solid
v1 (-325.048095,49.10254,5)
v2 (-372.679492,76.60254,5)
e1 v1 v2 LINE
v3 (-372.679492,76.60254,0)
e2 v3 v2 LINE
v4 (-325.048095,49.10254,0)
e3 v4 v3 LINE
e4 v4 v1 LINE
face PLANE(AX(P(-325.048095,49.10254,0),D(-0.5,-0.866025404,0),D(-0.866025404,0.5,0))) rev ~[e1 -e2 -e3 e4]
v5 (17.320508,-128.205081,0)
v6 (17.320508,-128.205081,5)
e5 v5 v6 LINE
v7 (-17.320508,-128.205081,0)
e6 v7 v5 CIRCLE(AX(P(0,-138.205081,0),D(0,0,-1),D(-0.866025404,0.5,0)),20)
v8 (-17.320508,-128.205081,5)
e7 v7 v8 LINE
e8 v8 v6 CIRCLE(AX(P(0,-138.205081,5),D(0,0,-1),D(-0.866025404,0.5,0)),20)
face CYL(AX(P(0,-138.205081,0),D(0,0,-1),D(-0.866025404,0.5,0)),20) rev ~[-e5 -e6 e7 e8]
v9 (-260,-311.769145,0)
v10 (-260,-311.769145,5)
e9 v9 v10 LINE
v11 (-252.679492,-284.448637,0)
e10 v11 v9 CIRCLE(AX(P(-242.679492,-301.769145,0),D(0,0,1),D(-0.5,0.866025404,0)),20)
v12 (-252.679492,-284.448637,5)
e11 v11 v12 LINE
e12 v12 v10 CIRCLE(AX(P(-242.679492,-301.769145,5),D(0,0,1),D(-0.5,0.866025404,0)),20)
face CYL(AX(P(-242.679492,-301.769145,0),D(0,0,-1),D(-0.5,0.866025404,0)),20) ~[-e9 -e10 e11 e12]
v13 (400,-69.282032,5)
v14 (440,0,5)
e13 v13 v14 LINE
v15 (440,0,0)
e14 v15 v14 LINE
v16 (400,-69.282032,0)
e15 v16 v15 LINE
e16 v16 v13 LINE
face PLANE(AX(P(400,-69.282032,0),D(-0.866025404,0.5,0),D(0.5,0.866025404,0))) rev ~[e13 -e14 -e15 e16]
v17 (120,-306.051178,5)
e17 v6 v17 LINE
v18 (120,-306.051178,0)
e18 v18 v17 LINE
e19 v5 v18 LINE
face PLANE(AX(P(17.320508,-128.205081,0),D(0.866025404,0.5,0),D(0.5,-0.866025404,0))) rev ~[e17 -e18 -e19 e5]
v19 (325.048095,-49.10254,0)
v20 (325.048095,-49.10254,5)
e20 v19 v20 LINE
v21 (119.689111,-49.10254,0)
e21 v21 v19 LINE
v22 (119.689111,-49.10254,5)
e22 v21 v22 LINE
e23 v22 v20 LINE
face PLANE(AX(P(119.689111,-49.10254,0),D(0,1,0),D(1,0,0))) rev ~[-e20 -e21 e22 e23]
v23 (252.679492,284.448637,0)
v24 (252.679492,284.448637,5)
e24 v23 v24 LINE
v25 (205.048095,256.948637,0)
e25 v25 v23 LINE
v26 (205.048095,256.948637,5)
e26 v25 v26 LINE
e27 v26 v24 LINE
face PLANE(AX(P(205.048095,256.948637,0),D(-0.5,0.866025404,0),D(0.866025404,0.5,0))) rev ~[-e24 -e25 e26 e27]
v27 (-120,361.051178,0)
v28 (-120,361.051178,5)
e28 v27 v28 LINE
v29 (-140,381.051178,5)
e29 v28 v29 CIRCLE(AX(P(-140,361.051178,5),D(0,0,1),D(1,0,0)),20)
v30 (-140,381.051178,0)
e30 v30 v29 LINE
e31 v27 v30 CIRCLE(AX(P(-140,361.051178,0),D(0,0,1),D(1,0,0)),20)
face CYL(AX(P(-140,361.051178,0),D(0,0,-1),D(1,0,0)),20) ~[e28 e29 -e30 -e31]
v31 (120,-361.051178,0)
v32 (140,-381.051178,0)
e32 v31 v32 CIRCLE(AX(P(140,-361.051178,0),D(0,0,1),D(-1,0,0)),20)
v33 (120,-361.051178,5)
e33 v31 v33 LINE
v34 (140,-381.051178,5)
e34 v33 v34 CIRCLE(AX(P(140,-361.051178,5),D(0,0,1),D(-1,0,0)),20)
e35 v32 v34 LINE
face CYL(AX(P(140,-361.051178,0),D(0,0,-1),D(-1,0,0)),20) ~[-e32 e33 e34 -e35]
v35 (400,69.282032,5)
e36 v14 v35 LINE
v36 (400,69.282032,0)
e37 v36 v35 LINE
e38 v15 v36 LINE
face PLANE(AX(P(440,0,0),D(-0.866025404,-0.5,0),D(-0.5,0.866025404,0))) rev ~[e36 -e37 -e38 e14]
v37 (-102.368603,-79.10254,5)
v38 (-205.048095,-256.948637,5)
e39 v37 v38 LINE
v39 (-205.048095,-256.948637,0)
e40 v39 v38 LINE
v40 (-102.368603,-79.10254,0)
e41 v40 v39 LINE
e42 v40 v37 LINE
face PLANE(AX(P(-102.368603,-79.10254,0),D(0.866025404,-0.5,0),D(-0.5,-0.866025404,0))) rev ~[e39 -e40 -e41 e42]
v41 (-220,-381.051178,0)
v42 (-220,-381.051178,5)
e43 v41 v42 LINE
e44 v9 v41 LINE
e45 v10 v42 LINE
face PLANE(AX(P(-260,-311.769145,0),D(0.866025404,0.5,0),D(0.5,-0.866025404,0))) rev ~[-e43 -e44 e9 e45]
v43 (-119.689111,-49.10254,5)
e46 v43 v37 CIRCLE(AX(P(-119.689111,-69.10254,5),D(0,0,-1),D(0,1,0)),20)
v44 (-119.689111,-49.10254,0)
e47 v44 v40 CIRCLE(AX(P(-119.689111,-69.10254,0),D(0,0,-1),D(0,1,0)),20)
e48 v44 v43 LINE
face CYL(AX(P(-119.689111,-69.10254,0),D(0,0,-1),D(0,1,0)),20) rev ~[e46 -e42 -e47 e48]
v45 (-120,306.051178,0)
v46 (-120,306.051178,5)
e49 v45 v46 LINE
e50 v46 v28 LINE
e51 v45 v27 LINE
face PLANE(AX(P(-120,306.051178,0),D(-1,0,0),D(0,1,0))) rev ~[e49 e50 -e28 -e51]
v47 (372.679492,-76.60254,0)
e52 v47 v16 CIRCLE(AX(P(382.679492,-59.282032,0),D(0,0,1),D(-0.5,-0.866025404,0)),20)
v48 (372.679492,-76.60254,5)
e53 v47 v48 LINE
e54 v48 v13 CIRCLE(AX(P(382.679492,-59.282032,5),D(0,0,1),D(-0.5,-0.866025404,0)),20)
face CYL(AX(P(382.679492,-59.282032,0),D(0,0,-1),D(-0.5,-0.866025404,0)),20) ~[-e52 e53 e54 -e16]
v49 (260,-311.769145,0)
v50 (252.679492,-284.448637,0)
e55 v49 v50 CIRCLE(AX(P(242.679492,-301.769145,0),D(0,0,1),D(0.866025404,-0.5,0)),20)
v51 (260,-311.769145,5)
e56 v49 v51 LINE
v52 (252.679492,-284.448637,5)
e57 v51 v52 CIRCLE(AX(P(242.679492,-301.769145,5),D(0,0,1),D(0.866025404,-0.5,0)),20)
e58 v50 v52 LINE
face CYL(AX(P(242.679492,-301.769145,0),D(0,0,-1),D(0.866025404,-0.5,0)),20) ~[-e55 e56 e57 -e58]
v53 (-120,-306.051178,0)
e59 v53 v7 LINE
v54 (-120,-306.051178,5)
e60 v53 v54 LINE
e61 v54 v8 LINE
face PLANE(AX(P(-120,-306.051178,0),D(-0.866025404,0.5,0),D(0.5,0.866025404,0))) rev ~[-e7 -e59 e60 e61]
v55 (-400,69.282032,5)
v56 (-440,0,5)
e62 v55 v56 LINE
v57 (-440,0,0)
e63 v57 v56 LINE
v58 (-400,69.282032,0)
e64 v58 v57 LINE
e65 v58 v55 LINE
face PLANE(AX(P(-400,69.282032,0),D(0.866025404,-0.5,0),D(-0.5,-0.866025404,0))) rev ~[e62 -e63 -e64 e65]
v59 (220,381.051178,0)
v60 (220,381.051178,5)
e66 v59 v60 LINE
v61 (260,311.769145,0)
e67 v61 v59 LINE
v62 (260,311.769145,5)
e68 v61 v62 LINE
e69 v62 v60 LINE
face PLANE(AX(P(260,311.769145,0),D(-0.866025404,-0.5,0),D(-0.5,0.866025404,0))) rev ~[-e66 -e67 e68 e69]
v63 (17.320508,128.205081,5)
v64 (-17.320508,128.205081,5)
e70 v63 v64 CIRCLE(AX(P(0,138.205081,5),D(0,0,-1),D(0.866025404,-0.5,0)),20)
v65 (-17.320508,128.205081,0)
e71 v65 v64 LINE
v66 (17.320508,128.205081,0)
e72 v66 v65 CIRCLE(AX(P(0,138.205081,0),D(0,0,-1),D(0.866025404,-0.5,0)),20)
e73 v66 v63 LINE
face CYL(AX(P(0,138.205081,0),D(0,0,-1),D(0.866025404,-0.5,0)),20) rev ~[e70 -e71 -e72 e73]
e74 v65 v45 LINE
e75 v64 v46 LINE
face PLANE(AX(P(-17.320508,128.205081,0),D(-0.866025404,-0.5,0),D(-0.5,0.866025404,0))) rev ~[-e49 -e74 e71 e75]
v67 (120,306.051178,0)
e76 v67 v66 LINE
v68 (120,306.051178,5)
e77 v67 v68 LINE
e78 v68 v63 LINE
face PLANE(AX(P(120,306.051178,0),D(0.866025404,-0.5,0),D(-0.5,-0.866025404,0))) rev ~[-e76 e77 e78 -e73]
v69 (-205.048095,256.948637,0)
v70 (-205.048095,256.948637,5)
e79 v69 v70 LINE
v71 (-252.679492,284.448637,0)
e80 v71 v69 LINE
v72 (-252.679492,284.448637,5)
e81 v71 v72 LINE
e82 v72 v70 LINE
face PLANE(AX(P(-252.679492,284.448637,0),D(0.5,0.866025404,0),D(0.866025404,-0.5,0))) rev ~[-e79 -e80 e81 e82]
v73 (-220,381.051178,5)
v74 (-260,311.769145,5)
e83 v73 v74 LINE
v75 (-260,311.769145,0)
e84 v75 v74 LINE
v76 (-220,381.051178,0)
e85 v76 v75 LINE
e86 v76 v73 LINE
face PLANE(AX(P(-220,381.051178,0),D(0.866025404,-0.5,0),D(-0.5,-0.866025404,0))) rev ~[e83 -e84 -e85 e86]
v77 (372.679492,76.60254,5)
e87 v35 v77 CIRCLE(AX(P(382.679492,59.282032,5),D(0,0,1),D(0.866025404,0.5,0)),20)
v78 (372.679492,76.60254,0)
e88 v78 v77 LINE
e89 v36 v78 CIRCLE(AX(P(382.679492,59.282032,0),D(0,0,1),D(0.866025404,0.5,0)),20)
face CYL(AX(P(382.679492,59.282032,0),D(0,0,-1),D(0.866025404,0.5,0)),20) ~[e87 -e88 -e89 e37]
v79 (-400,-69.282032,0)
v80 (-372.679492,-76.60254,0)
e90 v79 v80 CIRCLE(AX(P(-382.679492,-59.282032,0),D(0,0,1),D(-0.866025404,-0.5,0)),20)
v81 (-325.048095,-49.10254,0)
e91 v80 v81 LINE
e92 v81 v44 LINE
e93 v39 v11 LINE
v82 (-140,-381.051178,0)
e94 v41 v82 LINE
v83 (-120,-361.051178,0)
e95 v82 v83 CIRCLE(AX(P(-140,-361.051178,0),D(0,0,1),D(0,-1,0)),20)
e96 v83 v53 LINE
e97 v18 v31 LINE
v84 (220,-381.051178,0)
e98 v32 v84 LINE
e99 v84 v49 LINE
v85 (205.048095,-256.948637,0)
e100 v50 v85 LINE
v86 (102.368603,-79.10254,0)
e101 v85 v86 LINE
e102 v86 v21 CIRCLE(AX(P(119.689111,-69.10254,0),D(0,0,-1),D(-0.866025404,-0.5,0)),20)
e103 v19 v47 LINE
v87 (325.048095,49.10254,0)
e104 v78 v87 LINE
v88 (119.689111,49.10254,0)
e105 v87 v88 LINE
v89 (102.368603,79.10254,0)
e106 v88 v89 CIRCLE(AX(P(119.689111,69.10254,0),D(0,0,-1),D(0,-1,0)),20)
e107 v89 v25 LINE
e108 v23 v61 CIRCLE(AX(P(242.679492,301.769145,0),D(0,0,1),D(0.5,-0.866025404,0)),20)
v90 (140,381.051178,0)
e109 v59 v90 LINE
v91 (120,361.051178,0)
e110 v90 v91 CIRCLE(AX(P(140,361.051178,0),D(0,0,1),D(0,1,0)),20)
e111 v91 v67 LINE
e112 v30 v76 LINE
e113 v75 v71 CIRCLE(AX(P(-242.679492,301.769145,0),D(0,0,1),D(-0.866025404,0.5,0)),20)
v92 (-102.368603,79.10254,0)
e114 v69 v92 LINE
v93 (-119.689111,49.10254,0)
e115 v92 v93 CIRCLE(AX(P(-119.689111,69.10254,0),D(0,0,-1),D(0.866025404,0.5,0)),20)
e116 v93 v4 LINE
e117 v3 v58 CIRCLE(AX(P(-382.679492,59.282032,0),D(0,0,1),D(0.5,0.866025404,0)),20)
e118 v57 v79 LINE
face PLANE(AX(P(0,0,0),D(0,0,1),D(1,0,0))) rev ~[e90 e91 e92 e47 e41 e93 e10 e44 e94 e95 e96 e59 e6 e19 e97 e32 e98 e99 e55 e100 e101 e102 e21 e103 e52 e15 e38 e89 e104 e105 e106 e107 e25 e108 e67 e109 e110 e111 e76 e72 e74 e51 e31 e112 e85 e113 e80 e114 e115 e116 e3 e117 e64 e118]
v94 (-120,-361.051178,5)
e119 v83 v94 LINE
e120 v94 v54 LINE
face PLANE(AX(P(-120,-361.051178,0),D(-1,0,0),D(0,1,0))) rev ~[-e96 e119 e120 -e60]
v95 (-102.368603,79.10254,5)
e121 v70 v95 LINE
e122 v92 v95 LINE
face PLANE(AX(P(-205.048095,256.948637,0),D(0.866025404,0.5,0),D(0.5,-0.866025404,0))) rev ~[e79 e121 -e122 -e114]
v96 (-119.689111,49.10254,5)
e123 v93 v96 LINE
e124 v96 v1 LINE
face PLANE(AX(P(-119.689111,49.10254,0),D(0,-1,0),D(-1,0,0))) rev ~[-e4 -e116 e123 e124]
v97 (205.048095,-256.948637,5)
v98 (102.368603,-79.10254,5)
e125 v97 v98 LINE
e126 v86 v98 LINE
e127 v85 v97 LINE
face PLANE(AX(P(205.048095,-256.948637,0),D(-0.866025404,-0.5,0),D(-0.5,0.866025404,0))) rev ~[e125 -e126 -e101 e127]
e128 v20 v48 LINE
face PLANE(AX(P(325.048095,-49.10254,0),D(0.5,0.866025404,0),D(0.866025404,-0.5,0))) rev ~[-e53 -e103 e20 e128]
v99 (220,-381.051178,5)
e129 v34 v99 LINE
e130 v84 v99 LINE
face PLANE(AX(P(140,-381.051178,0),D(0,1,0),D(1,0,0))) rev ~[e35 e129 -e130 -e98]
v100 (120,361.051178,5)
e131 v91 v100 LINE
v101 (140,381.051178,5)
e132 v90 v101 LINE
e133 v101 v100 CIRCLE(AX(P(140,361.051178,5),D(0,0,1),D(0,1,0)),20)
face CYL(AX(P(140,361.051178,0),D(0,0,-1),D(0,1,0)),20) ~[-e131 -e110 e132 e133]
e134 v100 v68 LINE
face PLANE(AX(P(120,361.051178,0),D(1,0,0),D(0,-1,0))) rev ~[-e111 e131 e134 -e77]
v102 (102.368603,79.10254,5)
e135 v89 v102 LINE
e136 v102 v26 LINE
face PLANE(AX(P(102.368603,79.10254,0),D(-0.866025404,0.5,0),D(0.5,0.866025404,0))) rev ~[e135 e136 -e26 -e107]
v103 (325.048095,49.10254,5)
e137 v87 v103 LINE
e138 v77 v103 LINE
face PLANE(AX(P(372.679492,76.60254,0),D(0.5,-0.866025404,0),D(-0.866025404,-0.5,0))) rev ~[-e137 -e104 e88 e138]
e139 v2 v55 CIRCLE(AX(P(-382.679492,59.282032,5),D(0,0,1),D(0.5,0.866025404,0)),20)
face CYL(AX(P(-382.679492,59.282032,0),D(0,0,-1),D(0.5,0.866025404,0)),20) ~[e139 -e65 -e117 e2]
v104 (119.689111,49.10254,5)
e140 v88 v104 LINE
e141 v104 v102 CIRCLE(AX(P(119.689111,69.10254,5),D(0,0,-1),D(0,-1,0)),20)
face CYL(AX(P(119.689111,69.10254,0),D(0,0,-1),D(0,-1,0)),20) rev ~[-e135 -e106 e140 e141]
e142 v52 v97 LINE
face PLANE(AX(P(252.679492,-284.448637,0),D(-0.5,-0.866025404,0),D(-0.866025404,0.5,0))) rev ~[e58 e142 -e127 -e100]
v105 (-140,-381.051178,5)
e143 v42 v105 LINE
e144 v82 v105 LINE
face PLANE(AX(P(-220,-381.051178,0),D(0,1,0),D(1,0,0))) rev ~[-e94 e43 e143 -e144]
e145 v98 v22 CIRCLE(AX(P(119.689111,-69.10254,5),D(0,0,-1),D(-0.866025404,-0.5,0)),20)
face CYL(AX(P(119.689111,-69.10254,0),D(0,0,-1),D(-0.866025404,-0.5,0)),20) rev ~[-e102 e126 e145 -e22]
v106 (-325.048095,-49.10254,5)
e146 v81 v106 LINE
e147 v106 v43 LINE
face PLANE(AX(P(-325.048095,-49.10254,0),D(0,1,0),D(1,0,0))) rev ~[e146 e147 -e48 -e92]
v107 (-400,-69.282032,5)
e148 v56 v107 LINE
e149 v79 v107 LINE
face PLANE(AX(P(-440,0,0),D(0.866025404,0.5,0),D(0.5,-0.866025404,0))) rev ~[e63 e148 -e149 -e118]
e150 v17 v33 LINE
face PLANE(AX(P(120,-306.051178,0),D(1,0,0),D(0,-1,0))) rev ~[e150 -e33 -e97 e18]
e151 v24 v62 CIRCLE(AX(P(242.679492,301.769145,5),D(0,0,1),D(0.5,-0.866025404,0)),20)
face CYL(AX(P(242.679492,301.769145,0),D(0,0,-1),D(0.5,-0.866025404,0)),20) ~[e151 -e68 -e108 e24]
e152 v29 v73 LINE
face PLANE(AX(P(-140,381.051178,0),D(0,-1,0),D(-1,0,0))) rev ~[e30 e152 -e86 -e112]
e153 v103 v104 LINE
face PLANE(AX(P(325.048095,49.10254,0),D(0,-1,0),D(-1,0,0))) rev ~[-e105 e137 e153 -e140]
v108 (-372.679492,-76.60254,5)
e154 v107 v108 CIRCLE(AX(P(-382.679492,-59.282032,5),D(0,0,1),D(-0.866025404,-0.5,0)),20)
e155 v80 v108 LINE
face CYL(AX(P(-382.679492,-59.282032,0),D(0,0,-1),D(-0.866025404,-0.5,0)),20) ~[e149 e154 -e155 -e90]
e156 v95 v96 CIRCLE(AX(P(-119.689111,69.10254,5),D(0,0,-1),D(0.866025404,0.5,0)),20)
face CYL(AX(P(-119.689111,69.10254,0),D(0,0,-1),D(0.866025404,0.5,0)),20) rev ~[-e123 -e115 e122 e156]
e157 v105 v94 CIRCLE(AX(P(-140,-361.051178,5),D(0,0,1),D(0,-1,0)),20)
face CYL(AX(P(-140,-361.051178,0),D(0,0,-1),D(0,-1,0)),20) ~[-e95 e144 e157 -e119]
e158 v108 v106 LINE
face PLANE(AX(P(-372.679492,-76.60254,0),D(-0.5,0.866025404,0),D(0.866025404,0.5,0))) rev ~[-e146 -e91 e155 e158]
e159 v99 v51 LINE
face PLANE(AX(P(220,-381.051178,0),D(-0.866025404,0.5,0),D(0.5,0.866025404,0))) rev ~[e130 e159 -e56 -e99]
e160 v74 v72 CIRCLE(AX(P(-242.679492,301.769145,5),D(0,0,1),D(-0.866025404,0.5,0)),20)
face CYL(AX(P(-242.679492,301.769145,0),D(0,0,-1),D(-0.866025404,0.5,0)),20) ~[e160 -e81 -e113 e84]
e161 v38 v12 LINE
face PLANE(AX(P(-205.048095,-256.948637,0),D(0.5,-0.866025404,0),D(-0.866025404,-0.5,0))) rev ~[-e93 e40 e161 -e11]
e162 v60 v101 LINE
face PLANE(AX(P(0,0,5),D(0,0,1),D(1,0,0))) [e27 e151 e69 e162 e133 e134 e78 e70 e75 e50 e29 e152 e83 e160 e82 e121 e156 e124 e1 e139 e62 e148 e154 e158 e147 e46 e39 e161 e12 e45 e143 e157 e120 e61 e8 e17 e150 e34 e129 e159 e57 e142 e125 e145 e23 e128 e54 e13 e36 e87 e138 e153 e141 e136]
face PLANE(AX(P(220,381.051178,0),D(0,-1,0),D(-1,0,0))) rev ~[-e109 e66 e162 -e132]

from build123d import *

# Parameters (mm, degrees)
BOSS_EXTRU_2_DEPTH = 5


with BuildPart() as part:
    # Esquisse2 → Boss.-Extru.2 (new body)
    with BuildSketch(Plane.XY):
        with BuildLine():
            Line((-440, 0), (-400, -69.282032303))
            ThreePointArc((-400, -69.282032303), (-387.855872826, -78.600548829), (-372.679491924, -76.602540378))
            Line((-372.679491924, -76.602540378), (-325.048094716, -49.102540378))
            Line((-325.048094716, -49.102540378), (-119.689110868, -49.102540378))
            ThreePointArc((-119.689110868, -49.102540378), (-102.368602792, -59.102540378), (-102.368602792, -79.102540378))
            Line((-102.368602792, -79.102540378), (-205.048094716, -256.948637287))
            Line((-205.048094716, -256.948637287), (-252.679491924, -284.448637287))
            ThreePointArc((-252.679491924, -284.448637287), (-261.99800845, -296.59276446), (-260, -311.769145362))
            Line((-260, -311.769145362), (-220, -381.051177665))
            Line((-220, -381.051177665), (-140, -381.051177665))
            ThreePointArc((-140, -381.051177665), (-125.857864376, -375.193313289), (-120, -361.051177665))
            Line((-120, -361.051177665), (-120, -306.051177665))
            Line((-120, -306.051177665), (-17.320508076, -128.205080757))
            ThreePointArc((-17.320508076, -128.205080757), (0, -118.205080757), (17.320508076, -128.205080757))
            Line((17.320508076, -128.205080757), (120, -306.051177665))
            Line((120, -306.051177665), (120, -361.051177665))
            ThreePointArc((120, -361.051177665), (125.857864376, -375.193313289), (140, -381.051177665))
            Line((140, -381.051177665), (220, -381.051177665))
            Line((220, -381.051177665), (260, -311.769145362))
            ThreePointArc((260, -311.769145362), (261.99800845, -296.59276446), (252.679491924, -284.448637287))
            Line((252.679491924, -284.448637287), (205.048094716, -256.948637287))
            Line((205.048094716, -256.948637287), (102.368602792, -79.102540378))
            ThreePointArc((102.368602792, -79.102540378), (102.368602792, -59.102540378), (119.689110868, -49.102540378))
            Line((119.689110868, -49.102540378), (325.048094716, -49.102540378))
            Line((325.048094716, -49.102540378), (372.679491924, -76.602540378))
            ThreePointArc((372.679491924, -76.602540378), (387.855872826, -78.600548829), (400, -69.282032303))
            Line((400, -69.282032303), (440, 0))
            Line((440, 0), (400, 69.282032303))
            ThreePointArc((400, 69.282032303), (387.855872826, 78.600548829), (372.679491924, 76.602540378))
            Line((372.679491924, 76.602540378), (325.048094716, 49.102540378))
            Line((325.048094716, 49.102540378), (119.689110868, 49.102540378))
            ThreePointArc((119.689110868, 49.102540378), (102.368602792, 59.102540378), (102.368602792, 79.102540378))
            Line((102.368602792, 79.102540378), (205.048094716, 256.948637287))
            Line((205.048094716, 256.948637287), (252.679491924, 284.448637287))
            ThreePointArc((252.679491924, 284.448637287), (261.99800845, 296.59276446), (260, 311.769145362))
            Line((260, 311.769145362), (220, 381.051177665))
            Line((220, 381.051177665), (140, 381.051177665))
            ThreePointArc((140, 381.051177665), (125.857864376, 375.193313289), (120, 361.051177665))
            Line((120, 361.051177665), (120, 306.051177665))
            Line((120, 306.051177665), (17.320508076, 128.205080757))
            ThreePointArc((17.320508076, 128.205080757), (0, 118.205080757), (-17.320508076, 128.205080757))
            Line((-17.320508076, 128.205080757), (-120, 306.051177665))
            Line((-120, 306.051177665), (-120, 361.051177665))
            ThreePointArc((-120, 361.051177665), (-125.857864376, 375.193313289), (-140, 381.051177665))
            Line((-140, 381.051177665), (-220, 381.051177665))
            Line((-220, 381.051177665), (-260, 311.769145362))
            ThreePointArc((-260, 311.769145362), (-261.99800845, 296.59276446), (-252.679491924, 284.448637287))
            Line((-252.679491924, 284.448637287), (-205.048094716, 256.948637287))
            Line((-205.048094716, 256.948637287), (-102.368602792, 79.102540378))
            ThreePointArc((-102.368602792, 79.102540378), (-102.368602792, 59.102540378), (-119.689110868, 49.102540378))
            Line((-119.689110868, 49.102540378), (-325.048094716, 49.102540378))
            Line((-325.048094716, 49.102540378), (-372.679491924, 76.602540378))
            ThreePointArc((-372.679491924, 76.602540378), (-387.855872826, 78.600548829), (-400, 69.282032303))
            Line((-400, 69.282032303), (-440, 0))
        make_face()
    extrude(amount=BOSS_EXTRU_2_DEPTH)


solid = part.part
